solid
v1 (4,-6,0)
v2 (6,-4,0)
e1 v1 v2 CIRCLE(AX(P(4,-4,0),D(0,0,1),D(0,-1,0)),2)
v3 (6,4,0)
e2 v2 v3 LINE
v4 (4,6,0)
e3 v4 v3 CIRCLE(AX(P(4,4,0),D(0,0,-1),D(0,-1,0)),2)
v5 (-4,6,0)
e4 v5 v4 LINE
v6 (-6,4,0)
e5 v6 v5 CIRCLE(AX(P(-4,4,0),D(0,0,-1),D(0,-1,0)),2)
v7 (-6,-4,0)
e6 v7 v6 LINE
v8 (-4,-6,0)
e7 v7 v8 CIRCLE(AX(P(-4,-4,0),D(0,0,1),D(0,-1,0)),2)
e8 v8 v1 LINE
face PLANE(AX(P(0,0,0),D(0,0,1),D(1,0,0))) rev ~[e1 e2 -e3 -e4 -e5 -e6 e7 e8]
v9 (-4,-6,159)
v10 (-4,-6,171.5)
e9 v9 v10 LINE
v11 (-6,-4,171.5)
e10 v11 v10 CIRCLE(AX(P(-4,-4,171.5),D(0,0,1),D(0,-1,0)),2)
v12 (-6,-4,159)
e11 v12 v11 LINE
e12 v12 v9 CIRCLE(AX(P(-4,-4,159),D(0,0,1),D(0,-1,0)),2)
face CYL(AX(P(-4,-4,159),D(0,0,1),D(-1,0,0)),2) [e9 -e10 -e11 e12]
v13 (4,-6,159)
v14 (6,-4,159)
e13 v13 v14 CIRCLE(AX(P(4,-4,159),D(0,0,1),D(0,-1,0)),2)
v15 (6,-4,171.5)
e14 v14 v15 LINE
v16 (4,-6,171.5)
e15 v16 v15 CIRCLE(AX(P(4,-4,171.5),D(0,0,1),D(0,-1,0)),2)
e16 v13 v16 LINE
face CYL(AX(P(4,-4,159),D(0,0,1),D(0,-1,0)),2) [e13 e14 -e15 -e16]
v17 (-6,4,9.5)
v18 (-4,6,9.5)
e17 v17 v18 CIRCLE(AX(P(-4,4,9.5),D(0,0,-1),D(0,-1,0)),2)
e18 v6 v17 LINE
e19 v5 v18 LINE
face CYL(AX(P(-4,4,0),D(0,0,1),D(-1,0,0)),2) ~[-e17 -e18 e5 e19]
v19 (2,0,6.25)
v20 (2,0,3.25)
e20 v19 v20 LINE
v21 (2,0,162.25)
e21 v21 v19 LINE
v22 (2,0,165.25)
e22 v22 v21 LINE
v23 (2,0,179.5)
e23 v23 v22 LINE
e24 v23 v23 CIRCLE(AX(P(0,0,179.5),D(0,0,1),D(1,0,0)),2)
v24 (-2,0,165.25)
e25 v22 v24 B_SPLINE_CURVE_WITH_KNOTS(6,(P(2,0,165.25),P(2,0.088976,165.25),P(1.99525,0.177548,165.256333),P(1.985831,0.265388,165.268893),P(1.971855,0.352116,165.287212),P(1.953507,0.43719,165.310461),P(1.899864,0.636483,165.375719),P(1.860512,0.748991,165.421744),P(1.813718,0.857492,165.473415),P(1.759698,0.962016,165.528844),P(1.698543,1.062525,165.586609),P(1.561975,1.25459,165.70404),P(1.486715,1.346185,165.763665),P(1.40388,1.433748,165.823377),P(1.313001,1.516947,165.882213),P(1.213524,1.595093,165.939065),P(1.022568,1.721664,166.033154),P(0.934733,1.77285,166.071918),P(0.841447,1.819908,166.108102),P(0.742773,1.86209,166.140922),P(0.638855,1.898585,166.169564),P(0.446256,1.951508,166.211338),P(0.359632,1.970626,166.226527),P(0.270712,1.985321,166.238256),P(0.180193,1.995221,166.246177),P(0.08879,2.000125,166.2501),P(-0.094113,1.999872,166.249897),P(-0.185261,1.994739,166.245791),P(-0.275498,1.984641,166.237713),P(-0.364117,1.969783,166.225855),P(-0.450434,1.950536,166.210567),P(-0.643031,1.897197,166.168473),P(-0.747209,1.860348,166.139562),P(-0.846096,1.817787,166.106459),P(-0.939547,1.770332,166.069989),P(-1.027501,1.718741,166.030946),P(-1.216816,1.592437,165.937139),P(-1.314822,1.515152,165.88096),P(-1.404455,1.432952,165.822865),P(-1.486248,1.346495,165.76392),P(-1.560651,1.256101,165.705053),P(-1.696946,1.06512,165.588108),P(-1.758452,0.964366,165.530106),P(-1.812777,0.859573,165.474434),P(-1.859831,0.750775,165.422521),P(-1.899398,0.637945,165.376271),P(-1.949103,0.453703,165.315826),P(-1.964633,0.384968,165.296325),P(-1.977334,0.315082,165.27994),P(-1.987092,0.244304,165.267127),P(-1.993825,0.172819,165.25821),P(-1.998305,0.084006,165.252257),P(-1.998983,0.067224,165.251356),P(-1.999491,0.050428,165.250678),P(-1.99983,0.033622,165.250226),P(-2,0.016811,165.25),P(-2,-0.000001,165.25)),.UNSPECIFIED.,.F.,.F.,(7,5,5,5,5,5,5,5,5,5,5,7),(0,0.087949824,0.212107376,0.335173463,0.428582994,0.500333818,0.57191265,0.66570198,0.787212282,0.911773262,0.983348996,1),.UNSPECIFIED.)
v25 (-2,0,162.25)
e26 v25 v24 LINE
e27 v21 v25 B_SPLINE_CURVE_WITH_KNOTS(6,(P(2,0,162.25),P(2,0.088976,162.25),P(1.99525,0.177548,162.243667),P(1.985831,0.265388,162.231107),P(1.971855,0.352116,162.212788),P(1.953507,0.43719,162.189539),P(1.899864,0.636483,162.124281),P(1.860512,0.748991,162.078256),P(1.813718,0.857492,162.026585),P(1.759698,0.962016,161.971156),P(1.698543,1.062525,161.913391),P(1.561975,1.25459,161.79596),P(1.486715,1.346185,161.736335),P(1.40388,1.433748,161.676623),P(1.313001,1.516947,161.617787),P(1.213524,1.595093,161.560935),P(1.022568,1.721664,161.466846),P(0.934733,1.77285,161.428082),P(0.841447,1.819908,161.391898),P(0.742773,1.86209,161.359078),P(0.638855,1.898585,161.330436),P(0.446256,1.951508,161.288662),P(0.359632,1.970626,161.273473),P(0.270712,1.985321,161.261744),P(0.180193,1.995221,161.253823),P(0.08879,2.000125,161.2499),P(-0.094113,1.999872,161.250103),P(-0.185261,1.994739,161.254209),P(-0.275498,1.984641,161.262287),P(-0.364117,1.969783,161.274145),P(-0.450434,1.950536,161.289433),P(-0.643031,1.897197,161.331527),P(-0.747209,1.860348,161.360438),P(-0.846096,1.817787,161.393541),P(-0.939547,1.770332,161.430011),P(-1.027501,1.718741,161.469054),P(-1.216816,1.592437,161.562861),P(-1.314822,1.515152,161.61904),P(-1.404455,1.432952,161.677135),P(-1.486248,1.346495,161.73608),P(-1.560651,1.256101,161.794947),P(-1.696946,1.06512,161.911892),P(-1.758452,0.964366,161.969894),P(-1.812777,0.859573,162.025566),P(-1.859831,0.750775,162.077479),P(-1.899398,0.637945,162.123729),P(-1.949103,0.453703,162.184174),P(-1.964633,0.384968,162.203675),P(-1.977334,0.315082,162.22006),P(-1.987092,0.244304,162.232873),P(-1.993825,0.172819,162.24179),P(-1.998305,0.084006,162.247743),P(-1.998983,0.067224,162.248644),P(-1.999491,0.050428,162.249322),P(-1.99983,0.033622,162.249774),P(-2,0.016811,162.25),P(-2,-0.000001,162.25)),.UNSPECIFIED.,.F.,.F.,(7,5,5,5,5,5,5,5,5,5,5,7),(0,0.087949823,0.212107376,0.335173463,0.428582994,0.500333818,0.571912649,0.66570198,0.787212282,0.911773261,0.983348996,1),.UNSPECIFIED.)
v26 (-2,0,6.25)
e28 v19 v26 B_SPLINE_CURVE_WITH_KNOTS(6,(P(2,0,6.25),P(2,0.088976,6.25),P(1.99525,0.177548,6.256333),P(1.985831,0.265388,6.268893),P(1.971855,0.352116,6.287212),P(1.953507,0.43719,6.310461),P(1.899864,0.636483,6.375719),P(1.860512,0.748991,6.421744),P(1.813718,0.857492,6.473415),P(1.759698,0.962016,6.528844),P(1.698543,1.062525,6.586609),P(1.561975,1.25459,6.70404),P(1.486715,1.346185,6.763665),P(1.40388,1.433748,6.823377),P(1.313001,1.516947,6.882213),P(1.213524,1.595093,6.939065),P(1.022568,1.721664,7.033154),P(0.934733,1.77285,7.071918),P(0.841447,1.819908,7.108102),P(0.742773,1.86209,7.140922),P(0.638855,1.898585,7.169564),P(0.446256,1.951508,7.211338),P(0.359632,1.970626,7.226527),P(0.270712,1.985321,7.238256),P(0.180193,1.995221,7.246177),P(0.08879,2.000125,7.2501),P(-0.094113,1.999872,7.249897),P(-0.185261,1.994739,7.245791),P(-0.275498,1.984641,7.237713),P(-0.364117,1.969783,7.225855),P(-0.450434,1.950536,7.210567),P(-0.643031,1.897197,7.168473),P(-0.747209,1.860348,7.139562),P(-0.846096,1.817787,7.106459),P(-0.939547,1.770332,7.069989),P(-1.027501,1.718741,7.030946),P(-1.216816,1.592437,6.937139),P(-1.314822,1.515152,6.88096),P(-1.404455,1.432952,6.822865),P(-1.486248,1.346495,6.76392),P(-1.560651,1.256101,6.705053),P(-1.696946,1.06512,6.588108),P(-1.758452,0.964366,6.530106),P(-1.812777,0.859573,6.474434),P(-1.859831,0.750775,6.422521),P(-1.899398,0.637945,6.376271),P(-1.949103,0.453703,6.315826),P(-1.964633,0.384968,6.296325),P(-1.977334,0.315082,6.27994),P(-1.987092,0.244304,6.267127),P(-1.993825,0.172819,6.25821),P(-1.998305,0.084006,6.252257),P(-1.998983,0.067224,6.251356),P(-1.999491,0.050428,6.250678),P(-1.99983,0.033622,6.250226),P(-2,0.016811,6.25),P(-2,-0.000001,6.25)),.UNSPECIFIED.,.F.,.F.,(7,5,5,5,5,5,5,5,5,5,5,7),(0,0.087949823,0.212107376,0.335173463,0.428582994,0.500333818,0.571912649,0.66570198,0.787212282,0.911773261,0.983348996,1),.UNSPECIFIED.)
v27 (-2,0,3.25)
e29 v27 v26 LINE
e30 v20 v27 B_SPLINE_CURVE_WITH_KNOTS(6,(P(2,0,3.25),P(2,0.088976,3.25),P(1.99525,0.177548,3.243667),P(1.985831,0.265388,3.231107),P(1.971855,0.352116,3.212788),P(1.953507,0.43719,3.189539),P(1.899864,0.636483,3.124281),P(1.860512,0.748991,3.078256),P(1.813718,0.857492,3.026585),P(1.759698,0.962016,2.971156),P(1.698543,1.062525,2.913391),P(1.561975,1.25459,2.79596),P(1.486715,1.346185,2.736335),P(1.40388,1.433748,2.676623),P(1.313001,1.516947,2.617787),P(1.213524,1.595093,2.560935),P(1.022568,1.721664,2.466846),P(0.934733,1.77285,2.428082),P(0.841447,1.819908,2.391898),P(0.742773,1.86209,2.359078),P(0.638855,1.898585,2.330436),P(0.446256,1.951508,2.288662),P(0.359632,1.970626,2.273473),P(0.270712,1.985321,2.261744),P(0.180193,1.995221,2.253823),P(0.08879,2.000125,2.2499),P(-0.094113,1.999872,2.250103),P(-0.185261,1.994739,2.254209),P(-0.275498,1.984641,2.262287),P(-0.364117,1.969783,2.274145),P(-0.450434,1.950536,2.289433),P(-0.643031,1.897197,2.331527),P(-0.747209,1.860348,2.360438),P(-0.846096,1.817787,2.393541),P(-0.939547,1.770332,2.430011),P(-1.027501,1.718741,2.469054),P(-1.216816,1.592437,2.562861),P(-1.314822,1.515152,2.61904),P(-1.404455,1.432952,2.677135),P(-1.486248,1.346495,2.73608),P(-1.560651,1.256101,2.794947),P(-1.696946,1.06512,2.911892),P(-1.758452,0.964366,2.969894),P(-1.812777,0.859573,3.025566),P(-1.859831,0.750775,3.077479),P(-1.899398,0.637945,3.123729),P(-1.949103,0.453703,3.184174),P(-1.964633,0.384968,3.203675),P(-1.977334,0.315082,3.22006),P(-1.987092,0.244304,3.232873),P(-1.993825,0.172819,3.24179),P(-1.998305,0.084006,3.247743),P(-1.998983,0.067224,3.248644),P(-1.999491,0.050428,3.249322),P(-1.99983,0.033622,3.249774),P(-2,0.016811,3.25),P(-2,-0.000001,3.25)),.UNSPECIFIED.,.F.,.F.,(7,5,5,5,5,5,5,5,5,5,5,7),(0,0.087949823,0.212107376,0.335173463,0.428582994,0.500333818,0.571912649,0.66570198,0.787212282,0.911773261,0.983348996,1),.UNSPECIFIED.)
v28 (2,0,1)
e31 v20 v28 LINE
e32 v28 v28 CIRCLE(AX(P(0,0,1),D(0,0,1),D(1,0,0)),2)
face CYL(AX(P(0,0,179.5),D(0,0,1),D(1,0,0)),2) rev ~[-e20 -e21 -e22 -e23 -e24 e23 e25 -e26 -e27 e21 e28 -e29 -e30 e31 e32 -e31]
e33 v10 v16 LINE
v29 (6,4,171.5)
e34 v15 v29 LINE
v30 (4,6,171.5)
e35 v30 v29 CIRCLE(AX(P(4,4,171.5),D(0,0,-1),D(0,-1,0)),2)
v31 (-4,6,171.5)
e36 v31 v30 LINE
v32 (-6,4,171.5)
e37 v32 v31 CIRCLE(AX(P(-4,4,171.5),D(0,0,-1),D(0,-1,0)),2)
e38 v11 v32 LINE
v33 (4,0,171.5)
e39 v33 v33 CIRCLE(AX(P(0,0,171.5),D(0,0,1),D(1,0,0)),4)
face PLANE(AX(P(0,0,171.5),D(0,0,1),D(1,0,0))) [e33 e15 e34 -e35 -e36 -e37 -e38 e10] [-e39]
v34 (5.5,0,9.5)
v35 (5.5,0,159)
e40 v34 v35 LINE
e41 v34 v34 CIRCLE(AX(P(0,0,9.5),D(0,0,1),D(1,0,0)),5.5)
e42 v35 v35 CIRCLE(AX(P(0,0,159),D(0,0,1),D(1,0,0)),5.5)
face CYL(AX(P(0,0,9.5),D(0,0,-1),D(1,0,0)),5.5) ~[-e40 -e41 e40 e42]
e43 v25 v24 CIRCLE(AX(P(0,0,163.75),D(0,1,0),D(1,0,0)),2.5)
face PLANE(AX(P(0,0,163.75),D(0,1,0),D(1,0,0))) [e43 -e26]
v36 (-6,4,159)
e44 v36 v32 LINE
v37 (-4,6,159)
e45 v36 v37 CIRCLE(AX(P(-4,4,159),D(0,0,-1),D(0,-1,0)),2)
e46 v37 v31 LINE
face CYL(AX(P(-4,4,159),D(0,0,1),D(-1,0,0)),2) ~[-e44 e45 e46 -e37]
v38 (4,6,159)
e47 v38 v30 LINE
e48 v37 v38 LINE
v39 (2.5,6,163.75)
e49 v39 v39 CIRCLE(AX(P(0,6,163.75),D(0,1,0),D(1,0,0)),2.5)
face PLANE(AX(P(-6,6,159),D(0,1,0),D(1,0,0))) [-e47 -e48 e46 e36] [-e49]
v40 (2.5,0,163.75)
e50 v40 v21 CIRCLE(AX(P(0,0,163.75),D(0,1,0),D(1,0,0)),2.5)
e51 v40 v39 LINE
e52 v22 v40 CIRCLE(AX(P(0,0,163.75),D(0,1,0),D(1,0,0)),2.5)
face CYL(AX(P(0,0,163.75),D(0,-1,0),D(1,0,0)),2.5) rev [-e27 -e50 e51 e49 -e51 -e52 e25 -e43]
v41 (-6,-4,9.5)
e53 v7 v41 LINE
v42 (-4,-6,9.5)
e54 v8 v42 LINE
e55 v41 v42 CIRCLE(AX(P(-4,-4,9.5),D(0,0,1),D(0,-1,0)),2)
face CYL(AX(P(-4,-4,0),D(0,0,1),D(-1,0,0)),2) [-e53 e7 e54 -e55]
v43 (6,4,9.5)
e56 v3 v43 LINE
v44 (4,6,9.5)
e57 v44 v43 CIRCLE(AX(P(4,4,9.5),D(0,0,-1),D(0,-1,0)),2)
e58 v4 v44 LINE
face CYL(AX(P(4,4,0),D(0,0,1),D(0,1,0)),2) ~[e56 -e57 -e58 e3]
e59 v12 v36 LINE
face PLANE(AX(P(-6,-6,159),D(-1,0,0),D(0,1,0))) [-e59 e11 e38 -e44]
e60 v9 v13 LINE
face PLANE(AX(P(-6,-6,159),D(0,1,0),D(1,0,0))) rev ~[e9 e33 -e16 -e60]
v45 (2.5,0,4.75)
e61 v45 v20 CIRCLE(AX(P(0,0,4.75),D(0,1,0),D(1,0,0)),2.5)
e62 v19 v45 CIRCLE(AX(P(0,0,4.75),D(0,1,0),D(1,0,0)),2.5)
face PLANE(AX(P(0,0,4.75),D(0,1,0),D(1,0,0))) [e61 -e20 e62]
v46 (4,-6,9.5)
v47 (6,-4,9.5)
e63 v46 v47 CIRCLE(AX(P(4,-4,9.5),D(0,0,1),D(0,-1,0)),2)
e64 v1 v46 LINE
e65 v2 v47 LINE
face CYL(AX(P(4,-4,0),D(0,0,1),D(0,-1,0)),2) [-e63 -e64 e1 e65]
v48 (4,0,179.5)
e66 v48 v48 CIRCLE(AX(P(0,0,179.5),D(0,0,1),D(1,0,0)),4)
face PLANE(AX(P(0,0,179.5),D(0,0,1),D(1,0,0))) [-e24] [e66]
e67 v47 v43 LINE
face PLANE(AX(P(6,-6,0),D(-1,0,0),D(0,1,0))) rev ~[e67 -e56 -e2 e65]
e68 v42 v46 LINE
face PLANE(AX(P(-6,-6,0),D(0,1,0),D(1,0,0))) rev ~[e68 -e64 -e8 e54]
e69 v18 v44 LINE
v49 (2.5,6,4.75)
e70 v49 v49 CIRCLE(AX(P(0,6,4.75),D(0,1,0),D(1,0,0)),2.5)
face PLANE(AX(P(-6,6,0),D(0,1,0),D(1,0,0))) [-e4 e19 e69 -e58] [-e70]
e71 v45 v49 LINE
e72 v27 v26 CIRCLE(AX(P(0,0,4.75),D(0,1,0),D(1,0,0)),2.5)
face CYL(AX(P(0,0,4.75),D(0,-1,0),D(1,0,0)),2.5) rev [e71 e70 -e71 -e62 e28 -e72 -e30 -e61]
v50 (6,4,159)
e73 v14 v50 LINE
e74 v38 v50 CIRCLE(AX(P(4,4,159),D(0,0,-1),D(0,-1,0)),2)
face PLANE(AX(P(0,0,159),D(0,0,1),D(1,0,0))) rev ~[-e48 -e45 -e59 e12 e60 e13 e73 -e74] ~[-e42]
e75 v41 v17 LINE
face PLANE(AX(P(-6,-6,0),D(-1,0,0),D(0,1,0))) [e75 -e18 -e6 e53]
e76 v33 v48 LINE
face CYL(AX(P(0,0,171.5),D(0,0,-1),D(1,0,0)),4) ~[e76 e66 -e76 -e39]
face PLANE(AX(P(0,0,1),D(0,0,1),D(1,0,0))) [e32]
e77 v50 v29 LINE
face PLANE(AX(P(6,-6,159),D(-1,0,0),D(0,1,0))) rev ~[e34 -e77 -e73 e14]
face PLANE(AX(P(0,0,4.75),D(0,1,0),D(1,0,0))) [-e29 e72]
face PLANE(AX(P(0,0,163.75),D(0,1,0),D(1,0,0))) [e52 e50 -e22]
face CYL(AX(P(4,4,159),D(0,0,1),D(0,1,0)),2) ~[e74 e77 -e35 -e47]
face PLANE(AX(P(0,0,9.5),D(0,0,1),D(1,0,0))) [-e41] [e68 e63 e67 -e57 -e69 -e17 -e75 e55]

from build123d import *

# Parameters (mm, degrees)
SKETCH_1_W          = 12
SKETCH_1_H          = 12
EXTRUDE_1_DEPTH     = 9.5
SKETCH_2_R          = 5.5
EXTRUDE_2_DEPTH     = 149.5
SKETCH_3_W          = 12
SKETCH_3_H          = 12
EXTRUDE_3_DEPTH     = 12.5
SKETCH_4_R          = 4
EXTRUDE_4_DEPTH     = 8
SKETCH_5_R          = 2
CUT_EXTRUDE_1_DEPTH = 178.5
CUT_EXTRUDE_START   = -6
SKETCH_6_R          = 2.5
CUT_EXTRUDE_2_DEPTH = 6
FILLET_1_R          = 2


with BuildPart() as part:
    # 草图1 → 凸台-拉伸1 (new body)
    with BuildSketch(Plane.XY):
        Rectangle(SKETCH_1_W, SKETCH_1_H)
    extrude(amount=EXTRUDE_1_DEPTH)

    # 草图2 → 凸台-拉伸2 (add)
    with BuildSketch(Plane.XY.offset(9.5)):
        Circle(SKETCH_2_R)
    extrude(amount=EXTRUDE_2_DEPTH)

    # 草图3 → 凸台-拉伸3 (add)
    with BuildSketch(Plane.XY.offset(159)):
        Rectangle(SKETCH_3_W, SKETCH_3_H)
    extrude(amount=EXTRUDE_3_DEPTH)

    # 草图4 → 凸台-拉伸4 (add)
    with BuildSketch(Plane.XY.offset(171.5)):
        Circle(SKETCH_4_R)
    extrude(amount=EXTRUDE_4_DEPTH)

    # 草图5 → 切除-拉伸1 (cut)
    with BuildSketch(Plane.XY.offset(179.5)):
        Circle(SKETCH_5_R)
    extrude(amount=-CUT_EXTRUDE_1_DEPTH, mode=Mode.SUBTRACT)

    # 草图6 → 切除-拉伸2 (cut)
    with BuildSketch(Plane(origin=(0, 6, 0), x_dir=(1, 0, 0), z_dir=(0, 1, 0)).offset(CUT_EXTRUDE_START)):
        with Locations((0, -4.75)):
            Circle(SKETCH_6_R)
        with Locations((0, -163.75)):
            Circle(SKETCH_6_R)
    extrude(amount=CUT_EXTRUDE_2_DEPTH, mode=Mode.SUBTRACT)

    # 圆角1
    fillet_1_edges = [part.edges().sort_by_distance(p)[0] for p in [
        (6, -6, 165.25),
        (6, 6, 165.25),
        (-6, 6, 165.25),
        (-6, -6, 165.25),
        (6, -6, 4.75),
        (-6, -6, 4.75),
        (-6, 6, 4.75),
        (6, 6, 4.75),
    ]]
    fillet(fillet_1_edges, radius=FILLET_1_R)


solid = part.part
